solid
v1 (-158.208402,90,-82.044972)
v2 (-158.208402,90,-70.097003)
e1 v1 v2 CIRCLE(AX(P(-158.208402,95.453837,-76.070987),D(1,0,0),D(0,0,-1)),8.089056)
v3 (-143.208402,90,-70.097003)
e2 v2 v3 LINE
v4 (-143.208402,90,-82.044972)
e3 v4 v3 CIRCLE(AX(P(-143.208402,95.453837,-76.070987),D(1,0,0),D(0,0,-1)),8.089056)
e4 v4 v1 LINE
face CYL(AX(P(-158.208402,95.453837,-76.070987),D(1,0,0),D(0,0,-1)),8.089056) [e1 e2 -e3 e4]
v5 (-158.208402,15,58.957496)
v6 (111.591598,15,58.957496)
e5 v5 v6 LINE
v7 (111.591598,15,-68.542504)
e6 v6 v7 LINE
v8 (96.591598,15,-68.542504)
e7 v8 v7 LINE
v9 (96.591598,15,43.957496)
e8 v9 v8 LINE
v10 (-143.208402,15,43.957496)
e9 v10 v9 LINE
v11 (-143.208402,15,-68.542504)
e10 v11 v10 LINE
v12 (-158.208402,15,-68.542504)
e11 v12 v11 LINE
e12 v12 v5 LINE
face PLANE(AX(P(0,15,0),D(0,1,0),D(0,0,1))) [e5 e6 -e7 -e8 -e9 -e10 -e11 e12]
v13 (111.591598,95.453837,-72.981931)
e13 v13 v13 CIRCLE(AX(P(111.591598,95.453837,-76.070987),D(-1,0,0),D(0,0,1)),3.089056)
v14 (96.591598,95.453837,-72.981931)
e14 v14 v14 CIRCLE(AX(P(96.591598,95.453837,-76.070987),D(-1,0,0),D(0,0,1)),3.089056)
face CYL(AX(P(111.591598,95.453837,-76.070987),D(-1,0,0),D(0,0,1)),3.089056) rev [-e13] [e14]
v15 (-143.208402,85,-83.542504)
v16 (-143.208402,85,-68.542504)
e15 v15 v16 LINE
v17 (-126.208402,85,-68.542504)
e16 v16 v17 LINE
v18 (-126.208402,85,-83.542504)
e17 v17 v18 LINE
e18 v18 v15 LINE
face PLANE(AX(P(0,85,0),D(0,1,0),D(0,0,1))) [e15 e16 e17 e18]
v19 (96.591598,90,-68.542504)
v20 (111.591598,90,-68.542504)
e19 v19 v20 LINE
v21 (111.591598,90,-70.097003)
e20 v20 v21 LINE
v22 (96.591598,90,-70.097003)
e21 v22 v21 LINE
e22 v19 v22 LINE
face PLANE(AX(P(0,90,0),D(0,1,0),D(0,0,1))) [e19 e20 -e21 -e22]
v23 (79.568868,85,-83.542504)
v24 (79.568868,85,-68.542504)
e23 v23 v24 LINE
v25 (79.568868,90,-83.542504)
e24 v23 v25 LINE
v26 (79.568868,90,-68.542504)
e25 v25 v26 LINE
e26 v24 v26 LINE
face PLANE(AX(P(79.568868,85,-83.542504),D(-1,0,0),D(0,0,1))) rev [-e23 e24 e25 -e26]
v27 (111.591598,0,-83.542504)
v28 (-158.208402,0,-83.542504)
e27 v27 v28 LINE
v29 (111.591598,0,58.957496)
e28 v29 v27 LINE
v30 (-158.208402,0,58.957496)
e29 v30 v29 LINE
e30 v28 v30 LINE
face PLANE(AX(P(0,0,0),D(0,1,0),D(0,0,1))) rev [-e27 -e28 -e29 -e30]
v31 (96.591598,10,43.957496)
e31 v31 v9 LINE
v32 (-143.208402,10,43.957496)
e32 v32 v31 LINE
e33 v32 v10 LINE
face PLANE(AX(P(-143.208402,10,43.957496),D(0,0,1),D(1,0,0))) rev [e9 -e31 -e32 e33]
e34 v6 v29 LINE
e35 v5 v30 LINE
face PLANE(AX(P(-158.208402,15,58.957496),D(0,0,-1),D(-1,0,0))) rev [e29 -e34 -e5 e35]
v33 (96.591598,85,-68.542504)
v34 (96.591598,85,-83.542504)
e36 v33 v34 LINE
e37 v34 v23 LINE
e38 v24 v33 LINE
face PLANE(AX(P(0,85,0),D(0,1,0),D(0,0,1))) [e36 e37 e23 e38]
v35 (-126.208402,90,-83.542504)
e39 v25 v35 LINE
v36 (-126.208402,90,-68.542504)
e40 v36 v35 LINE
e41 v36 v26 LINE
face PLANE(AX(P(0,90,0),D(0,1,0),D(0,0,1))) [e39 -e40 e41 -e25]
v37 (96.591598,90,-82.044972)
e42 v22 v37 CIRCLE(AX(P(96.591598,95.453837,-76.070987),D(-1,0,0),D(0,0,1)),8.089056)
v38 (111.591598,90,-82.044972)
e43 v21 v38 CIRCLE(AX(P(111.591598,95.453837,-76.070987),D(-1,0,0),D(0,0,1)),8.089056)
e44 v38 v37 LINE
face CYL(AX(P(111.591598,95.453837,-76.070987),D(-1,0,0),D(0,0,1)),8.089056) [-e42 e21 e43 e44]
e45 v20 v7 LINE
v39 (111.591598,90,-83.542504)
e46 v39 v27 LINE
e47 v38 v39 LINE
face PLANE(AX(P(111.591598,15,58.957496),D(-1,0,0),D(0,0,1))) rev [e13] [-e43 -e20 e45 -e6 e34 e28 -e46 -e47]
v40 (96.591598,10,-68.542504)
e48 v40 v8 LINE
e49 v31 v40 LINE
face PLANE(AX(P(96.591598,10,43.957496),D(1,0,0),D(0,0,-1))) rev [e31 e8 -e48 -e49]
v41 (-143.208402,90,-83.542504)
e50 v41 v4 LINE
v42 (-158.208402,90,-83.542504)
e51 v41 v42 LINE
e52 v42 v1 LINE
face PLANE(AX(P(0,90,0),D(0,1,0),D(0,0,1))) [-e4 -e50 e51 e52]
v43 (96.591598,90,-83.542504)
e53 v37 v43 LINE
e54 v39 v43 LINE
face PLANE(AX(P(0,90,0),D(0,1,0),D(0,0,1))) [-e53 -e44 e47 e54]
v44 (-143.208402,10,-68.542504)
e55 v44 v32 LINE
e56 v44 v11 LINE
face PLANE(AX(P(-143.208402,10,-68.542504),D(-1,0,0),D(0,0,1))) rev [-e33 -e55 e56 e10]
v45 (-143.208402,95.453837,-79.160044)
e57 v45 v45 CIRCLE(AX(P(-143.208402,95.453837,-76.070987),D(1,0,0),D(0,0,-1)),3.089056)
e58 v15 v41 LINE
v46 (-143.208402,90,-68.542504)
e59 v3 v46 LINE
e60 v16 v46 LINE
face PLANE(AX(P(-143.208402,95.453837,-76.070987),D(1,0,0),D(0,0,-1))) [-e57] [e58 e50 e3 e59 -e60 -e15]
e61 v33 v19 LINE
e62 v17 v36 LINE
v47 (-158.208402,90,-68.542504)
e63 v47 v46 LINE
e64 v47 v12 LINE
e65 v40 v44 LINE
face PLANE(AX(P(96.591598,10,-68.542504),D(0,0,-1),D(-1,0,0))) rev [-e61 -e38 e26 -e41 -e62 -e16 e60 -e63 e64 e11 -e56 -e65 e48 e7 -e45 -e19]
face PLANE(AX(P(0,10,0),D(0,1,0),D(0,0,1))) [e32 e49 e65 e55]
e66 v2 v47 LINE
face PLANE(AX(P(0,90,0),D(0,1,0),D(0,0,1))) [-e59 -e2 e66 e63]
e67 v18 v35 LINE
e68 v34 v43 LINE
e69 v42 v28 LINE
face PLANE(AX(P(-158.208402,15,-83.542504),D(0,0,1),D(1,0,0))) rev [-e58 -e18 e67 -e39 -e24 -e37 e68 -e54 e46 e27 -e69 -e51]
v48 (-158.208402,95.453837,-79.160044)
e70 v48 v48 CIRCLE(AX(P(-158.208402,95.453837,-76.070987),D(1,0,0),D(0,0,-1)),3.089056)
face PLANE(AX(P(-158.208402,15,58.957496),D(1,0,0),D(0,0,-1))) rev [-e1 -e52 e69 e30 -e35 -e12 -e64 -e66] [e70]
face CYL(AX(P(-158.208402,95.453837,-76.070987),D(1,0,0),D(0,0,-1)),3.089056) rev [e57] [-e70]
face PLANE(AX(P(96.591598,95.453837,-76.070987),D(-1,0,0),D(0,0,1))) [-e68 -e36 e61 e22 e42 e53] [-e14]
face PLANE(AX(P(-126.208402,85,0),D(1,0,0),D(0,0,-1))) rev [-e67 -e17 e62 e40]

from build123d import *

# Parameters (mm, degrees)
SKETCH1_W           = 269.8
SKETCH1_H           = 142.5
BOSS_EXTRUDE2_DEPTH = 15
SKETCH2_W           = 239.8
SKETCH2_H           = 112.5
CUT_EXTRUDE1_DEPTH  = 5
BOSS_EXTRUDE3_DEPTH = 75
SKETCH7_R           = 8.089056034
SKETCH7_R_2         = 3.089056034
BOSS_EXTRUDE4_DEPTH = 15
SKETCH12_R          = 8.089056034
SKETCH12_R_2        = 3.089056034
BOSS_EXTRUDE5_DEPTH = 15
SKETCH14_W          = 17.02273013
SKETCH14_H          = 15
CUT_EXTRUDE2_DEPTH  = 5


with BuildPart() as part:
    # Sketch1 → Boss-Extrude2 (new body)
    with BuildSketch(Plane(origin=(0, 0, 0), x_dir=(1, 0, 0), z_dir=(0, 1, 0))):
        with Locations((-23.308401977, 12.292504119)):
            Rectangle(SKETCH1_W, SKETCH1_H)
    extrude(amount=BOSS_EXTRUDE2_DEPTH)

    # Sketch2 → Cut-Extrude1 (cut)
    with BuildSketch(Plane(origin=(0, 15, 0), x_dir=(1, 0, 0), z_dir=(0, 1, 0))):
        with Locations((-23.308401977, 12.292504119)):
            Rectangle(SKETCH2_W, SKETCH2_H)
    extrude(amount=-CUT_EXTRUDE1_DEPTH, mode=Mode.SUBTRACT)

    # Sketch3 → Boss-Extrude3 (add)
    with BuildSketch(Plane(origin=(0, 15, 0), x_dir=(1, 0, 0), z_dir=(0, 1, 0))):
        Polygon((-143.208401977, 68.542504119), (-158.208401977, 68.542504119), (-158.208401977, 83.542504119), (111.591598023, 83.542504119), (111.591598023, 68.542504119), align=None)
    extrude(amount=BOSS_EXTRUDE3_DEPTH)

    # Sketch7 → Boss-Extrude4 (add)
    with BuildSketch(Plane(origin=(-143.208401977, 0, 0), x_dir=(0, 0, -1), z_dir=(1, 0, 0))):
        with Locations((76.070987498, 95.45383679)):
            Circle(SKETCH7_R)
        with Locations((76.070987498, 95.45383679)):
            Circle(SKETCH7_R_2, mode=Mode.SUBTRACT)
    extrude(amount=-BOSS_EXTRUDE4_DEPTH)

    # Sketch12 → Boss-Extrude5 (add)
    with BuildSketch(Plane.ZY.offset(-96.591598023)):
        with Locations((-76.070987498, 95.45383679)):
            Circle(SKETCH12_R)
        with Locations((-76.070987498, 95.45383679)):
            Circle(SKETCH12_R_2, mode=Mode.SUBTRACT)
    extrude(amount=-BOSS_EXTRUDE5_DEPTH)

    # Sketch14 → Cut-Extrude2 (cut)
    with BuildSketch(Plane(origin=(0, 90, 0), x_dir=(1, 0, 0), z_dir=(0, 1, 0))):
        Polygon((-126.208401977, 83.542504119), (-128.208401977, 83.542504119), (-143.208401977, 83.542504119), (-143.208401977, 82.044972081), (-143.208401977, 70.097002915), (-143.208401977, 68.542504119), (-128.208401977, 68.542504119), (-126.208401977, 68.542504119), align=None)
        with Locations((88.080232958, 76.042504119)):
            Rectangle(SKETCH14_W, SKETCH14_H)
    extrude(amount=-CUT_EXTRUDE2_DEPTH, mode=Mode.SUBTRACT)


solid = part.part
